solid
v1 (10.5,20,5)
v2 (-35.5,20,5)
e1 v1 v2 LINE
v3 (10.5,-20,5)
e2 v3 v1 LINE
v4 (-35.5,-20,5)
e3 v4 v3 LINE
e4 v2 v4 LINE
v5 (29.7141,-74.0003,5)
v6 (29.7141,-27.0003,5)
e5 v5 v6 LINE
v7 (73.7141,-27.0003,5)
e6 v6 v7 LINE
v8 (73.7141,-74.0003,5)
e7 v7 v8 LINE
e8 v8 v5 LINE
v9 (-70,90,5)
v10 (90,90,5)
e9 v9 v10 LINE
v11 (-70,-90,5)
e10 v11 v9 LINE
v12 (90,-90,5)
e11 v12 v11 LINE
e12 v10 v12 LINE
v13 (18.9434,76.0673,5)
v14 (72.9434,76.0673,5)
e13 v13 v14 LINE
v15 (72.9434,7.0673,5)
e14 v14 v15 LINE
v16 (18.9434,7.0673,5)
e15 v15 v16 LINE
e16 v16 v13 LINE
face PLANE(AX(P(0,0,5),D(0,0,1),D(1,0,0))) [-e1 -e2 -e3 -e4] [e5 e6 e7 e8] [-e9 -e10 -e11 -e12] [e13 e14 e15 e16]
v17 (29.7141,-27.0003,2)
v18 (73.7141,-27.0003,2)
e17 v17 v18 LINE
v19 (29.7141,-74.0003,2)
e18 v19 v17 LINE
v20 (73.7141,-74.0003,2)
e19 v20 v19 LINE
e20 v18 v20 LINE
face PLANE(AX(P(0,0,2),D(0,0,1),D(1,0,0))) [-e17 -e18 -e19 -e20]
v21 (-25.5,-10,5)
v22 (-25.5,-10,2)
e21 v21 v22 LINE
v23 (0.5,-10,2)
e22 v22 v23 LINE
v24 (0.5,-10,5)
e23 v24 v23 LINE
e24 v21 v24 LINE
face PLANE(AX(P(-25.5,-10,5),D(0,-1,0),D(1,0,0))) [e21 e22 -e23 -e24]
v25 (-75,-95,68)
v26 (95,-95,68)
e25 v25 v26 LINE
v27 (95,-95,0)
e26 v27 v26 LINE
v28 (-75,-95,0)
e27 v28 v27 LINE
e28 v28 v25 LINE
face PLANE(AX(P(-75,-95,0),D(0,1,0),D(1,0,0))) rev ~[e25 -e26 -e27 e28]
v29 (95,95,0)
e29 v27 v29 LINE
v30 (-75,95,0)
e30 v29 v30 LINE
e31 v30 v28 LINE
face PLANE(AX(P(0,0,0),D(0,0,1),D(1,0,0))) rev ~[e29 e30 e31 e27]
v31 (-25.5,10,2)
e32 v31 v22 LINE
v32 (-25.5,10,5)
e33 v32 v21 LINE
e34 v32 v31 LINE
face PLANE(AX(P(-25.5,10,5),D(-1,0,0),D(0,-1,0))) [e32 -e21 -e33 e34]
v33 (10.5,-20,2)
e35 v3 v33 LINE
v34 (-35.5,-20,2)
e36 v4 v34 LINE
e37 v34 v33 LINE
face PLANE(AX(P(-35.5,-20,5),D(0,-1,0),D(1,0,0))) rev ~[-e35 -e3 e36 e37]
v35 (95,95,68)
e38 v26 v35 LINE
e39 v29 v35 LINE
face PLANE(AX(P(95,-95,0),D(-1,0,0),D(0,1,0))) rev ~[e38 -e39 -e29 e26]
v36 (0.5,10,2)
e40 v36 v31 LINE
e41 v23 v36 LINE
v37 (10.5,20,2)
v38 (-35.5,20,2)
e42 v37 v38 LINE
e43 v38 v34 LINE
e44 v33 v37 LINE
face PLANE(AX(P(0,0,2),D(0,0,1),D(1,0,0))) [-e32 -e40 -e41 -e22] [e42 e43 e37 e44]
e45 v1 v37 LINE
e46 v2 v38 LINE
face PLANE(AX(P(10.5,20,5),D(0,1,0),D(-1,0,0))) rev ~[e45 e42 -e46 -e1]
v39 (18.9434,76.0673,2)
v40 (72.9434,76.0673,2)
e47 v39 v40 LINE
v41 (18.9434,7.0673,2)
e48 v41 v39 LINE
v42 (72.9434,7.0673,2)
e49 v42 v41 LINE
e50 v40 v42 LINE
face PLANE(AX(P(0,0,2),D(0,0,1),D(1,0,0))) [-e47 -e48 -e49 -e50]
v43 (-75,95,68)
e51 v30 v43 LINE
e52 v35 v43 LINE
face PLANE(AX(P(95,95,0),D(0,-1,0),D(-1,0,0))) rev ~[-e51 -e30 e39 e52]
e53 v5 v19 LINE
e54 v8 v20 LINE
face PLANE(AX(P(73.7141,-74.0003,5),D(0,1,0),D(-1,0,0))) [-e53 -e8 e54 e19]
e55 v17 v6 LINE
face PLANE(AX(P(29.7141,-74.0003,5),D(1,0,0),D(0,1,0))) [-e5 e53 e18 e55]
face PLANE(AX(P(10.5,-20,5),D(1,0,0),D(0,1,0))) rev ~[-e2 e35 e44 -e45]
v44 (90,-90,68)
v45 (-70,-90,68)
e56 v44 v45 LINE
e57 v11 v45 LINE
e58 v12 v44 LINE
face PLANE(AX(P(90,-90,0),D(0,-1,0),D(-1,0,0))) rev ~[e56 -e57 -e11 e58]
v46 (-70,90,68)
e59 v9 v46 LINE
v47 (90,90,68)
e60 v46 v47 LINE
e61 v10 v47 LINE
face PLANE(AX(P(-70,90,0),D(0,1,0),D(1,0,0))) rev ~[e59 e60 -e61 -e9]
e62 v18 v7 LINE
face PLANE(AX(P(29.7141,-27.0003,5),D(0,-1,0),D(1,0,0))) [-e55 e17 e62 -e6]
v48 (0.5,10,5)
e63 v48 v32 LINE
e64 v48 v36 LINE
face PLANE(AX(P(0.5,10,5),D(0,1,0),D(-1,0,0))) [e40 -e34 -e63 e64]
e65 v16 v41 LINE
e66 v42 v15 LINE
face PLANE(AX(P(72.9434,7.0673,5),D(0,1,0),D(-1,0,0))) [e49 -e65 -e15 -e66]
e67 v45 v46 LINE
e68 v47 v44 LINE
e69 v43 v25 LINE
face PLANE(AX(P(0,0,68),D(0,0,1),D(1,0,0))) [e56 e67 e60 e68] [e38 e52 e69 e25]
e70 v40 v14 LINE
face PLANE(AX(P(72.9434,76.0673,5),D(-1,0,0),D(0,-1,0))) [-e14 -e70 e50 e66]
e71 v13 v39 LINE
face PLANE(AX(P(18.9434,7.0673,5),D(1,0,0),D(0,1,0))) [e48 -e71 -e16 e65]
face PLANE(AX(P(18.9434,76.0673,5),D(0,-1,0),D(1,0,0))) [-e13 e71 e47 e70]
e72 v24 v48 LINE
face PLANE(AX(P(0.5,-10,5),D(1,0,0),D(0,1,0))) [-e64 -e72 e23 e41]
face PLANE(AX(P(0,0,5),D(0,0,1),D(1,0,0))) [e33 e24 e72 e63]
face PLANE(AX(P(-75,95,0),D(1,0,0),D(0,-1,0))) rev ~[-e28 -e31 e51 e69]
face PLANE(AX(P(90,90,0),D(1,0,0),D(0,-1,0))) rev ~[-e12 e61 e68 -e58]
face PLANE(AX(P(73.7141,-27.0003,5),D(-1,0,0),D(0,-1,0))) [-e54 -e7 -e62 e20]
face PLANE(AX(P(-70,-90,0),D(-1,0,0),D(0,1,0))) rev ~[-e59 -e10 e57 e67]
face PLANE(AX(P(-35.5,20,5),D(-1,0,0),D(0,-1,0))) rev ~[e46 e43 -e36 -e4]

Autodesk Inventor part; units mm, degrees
ref_plane "YZ Plane" through (0, 0, 0) normal (1, 0, 0) x (0, 1, 0)
ref_plane "XZ Plane" through (0, 0, 0) normal (0, 1, 0) x (-1, 0, 0)
ref_plane "XY Plane" through (0, 0, 0) normal (0, 0, 1) x (1, 0, 0)
sketch "Sketch1" plane through (0, 0, 0) normal (0, 0, 1) x (1, 0, 0)
  line L0 (90, -90) -> (-70, -90)
  line L1 (-70, -90) -> (-70, 90)
  line L2 (-70, 90) -> (90, 90)
  line L3 (90, 90) -> (90, -90)
  line L4 (95, 95) -> (-75, 95)
  line L5 (-75, 95) -> (-75, -95)
  line L6 (-75, -95) -> (95, -95)
  line L7 (95, -95) -> (95, 95)
  point P0 (0, 0)
  dimension "d45" = 180
  dimension "d46" = 5
  dimension "d61" = 70
  dimension "d62" = 90
  dimension "d63" = 5
extrude "Extrusion1" add sketch "Sketch1" along normal blind 68
extrude "Extrusion2" add sketch "Sketch1" along normal blind 5 contours L0 L1 L2 L3
sketch "Sketch2" plane through (0, 0, 5) normal (0, 0, 1) x (1, 0, 0)
  line L0 (29.7141, -27.0003) -> (73.7141, -27.0003)
  line L1 (73.7141, -27.0003) -> (73.7141, -74.0003)
  line L2 (73.7141, -74.0003) -> (29.7141, -74.0003)
  line L3 (29.7141, -74.0003) -> (29.7141, -27.0003)
  circle A0 centre (0, 0) radius 150 construction
  line L4 (72.9434, 76.0673) -> (72.9434, 7.0673)
  line L5 (72.9434, 7.0673) -> (18.9434, 7.0673)
  line L6 (18.9434, 7.0673) -> (18.9434, 76.0673)
  line L7 (18.9434, 76.0673) -> (72.9434, 76.0673)
  line L8 (45.9434, 76.0673) -> (45.9434, 7.0673) construction
  line L9 (-70, -90) -> (90, -90)
  line L10 (90, -90) -> (90, 90)
  line L11 (90, 90) -> (-70, 90)
  line L12 (-70, 90) -> (-70, -90)
  line L13 (90, 90) -> (90, -90) projected
  line L14 (-25.5, -10) -> (0.5, -10)
  line L15 (0.5, -10) -> (0.5, 10)
  line L16 (0.5, 10) -> (-25.5, 10)
  line L17 (-25.5, 10) -> (-25.5, -10)
  line L18 (-35.5, -20) -> (10.5, -20)
  line L19 (10.5, -20) -> (10.5, 20)
  line L20 (10.5, 20) -> (-35.5, 20)
  line L21 (-35.5, 20) -> (-35.5, -20)
  point P0 (51.7141, -50.5003)
  point P1 (73.7141, -50.5003)
  point P2 (51.7141, -27.0003)
  point P3 (45.9434, 41.5673)
  dimension "d6" = 47
  dimension "d7" = 44
  dimension "d8" = 54
  dimension "d9" = 69
  dimension "d47" = 160
  dimension "d48" = 160
  dimension "d54" = 26
  dimension "d55" = 20
  dimension "d56" = 46
  dimension "d57" = 40
  dimension "d58" = 0.5
  dimension "d59" = 10
  dimension "d60" = 10
extrude "Extrusion3" cut sketch "Sketch2" against normal blind 1.5 contours L0 L1 L2 L3 | L4 L5 L6 L7
extrude "Extrusion4" cut sketch "Sketch2" against normal blind 3 contours L0 L1 L2 L3 | L4 L5 L6 L7 | L21 L20 L19 L18
properties part number "Shooting Mechanism Box" material "Glass"
